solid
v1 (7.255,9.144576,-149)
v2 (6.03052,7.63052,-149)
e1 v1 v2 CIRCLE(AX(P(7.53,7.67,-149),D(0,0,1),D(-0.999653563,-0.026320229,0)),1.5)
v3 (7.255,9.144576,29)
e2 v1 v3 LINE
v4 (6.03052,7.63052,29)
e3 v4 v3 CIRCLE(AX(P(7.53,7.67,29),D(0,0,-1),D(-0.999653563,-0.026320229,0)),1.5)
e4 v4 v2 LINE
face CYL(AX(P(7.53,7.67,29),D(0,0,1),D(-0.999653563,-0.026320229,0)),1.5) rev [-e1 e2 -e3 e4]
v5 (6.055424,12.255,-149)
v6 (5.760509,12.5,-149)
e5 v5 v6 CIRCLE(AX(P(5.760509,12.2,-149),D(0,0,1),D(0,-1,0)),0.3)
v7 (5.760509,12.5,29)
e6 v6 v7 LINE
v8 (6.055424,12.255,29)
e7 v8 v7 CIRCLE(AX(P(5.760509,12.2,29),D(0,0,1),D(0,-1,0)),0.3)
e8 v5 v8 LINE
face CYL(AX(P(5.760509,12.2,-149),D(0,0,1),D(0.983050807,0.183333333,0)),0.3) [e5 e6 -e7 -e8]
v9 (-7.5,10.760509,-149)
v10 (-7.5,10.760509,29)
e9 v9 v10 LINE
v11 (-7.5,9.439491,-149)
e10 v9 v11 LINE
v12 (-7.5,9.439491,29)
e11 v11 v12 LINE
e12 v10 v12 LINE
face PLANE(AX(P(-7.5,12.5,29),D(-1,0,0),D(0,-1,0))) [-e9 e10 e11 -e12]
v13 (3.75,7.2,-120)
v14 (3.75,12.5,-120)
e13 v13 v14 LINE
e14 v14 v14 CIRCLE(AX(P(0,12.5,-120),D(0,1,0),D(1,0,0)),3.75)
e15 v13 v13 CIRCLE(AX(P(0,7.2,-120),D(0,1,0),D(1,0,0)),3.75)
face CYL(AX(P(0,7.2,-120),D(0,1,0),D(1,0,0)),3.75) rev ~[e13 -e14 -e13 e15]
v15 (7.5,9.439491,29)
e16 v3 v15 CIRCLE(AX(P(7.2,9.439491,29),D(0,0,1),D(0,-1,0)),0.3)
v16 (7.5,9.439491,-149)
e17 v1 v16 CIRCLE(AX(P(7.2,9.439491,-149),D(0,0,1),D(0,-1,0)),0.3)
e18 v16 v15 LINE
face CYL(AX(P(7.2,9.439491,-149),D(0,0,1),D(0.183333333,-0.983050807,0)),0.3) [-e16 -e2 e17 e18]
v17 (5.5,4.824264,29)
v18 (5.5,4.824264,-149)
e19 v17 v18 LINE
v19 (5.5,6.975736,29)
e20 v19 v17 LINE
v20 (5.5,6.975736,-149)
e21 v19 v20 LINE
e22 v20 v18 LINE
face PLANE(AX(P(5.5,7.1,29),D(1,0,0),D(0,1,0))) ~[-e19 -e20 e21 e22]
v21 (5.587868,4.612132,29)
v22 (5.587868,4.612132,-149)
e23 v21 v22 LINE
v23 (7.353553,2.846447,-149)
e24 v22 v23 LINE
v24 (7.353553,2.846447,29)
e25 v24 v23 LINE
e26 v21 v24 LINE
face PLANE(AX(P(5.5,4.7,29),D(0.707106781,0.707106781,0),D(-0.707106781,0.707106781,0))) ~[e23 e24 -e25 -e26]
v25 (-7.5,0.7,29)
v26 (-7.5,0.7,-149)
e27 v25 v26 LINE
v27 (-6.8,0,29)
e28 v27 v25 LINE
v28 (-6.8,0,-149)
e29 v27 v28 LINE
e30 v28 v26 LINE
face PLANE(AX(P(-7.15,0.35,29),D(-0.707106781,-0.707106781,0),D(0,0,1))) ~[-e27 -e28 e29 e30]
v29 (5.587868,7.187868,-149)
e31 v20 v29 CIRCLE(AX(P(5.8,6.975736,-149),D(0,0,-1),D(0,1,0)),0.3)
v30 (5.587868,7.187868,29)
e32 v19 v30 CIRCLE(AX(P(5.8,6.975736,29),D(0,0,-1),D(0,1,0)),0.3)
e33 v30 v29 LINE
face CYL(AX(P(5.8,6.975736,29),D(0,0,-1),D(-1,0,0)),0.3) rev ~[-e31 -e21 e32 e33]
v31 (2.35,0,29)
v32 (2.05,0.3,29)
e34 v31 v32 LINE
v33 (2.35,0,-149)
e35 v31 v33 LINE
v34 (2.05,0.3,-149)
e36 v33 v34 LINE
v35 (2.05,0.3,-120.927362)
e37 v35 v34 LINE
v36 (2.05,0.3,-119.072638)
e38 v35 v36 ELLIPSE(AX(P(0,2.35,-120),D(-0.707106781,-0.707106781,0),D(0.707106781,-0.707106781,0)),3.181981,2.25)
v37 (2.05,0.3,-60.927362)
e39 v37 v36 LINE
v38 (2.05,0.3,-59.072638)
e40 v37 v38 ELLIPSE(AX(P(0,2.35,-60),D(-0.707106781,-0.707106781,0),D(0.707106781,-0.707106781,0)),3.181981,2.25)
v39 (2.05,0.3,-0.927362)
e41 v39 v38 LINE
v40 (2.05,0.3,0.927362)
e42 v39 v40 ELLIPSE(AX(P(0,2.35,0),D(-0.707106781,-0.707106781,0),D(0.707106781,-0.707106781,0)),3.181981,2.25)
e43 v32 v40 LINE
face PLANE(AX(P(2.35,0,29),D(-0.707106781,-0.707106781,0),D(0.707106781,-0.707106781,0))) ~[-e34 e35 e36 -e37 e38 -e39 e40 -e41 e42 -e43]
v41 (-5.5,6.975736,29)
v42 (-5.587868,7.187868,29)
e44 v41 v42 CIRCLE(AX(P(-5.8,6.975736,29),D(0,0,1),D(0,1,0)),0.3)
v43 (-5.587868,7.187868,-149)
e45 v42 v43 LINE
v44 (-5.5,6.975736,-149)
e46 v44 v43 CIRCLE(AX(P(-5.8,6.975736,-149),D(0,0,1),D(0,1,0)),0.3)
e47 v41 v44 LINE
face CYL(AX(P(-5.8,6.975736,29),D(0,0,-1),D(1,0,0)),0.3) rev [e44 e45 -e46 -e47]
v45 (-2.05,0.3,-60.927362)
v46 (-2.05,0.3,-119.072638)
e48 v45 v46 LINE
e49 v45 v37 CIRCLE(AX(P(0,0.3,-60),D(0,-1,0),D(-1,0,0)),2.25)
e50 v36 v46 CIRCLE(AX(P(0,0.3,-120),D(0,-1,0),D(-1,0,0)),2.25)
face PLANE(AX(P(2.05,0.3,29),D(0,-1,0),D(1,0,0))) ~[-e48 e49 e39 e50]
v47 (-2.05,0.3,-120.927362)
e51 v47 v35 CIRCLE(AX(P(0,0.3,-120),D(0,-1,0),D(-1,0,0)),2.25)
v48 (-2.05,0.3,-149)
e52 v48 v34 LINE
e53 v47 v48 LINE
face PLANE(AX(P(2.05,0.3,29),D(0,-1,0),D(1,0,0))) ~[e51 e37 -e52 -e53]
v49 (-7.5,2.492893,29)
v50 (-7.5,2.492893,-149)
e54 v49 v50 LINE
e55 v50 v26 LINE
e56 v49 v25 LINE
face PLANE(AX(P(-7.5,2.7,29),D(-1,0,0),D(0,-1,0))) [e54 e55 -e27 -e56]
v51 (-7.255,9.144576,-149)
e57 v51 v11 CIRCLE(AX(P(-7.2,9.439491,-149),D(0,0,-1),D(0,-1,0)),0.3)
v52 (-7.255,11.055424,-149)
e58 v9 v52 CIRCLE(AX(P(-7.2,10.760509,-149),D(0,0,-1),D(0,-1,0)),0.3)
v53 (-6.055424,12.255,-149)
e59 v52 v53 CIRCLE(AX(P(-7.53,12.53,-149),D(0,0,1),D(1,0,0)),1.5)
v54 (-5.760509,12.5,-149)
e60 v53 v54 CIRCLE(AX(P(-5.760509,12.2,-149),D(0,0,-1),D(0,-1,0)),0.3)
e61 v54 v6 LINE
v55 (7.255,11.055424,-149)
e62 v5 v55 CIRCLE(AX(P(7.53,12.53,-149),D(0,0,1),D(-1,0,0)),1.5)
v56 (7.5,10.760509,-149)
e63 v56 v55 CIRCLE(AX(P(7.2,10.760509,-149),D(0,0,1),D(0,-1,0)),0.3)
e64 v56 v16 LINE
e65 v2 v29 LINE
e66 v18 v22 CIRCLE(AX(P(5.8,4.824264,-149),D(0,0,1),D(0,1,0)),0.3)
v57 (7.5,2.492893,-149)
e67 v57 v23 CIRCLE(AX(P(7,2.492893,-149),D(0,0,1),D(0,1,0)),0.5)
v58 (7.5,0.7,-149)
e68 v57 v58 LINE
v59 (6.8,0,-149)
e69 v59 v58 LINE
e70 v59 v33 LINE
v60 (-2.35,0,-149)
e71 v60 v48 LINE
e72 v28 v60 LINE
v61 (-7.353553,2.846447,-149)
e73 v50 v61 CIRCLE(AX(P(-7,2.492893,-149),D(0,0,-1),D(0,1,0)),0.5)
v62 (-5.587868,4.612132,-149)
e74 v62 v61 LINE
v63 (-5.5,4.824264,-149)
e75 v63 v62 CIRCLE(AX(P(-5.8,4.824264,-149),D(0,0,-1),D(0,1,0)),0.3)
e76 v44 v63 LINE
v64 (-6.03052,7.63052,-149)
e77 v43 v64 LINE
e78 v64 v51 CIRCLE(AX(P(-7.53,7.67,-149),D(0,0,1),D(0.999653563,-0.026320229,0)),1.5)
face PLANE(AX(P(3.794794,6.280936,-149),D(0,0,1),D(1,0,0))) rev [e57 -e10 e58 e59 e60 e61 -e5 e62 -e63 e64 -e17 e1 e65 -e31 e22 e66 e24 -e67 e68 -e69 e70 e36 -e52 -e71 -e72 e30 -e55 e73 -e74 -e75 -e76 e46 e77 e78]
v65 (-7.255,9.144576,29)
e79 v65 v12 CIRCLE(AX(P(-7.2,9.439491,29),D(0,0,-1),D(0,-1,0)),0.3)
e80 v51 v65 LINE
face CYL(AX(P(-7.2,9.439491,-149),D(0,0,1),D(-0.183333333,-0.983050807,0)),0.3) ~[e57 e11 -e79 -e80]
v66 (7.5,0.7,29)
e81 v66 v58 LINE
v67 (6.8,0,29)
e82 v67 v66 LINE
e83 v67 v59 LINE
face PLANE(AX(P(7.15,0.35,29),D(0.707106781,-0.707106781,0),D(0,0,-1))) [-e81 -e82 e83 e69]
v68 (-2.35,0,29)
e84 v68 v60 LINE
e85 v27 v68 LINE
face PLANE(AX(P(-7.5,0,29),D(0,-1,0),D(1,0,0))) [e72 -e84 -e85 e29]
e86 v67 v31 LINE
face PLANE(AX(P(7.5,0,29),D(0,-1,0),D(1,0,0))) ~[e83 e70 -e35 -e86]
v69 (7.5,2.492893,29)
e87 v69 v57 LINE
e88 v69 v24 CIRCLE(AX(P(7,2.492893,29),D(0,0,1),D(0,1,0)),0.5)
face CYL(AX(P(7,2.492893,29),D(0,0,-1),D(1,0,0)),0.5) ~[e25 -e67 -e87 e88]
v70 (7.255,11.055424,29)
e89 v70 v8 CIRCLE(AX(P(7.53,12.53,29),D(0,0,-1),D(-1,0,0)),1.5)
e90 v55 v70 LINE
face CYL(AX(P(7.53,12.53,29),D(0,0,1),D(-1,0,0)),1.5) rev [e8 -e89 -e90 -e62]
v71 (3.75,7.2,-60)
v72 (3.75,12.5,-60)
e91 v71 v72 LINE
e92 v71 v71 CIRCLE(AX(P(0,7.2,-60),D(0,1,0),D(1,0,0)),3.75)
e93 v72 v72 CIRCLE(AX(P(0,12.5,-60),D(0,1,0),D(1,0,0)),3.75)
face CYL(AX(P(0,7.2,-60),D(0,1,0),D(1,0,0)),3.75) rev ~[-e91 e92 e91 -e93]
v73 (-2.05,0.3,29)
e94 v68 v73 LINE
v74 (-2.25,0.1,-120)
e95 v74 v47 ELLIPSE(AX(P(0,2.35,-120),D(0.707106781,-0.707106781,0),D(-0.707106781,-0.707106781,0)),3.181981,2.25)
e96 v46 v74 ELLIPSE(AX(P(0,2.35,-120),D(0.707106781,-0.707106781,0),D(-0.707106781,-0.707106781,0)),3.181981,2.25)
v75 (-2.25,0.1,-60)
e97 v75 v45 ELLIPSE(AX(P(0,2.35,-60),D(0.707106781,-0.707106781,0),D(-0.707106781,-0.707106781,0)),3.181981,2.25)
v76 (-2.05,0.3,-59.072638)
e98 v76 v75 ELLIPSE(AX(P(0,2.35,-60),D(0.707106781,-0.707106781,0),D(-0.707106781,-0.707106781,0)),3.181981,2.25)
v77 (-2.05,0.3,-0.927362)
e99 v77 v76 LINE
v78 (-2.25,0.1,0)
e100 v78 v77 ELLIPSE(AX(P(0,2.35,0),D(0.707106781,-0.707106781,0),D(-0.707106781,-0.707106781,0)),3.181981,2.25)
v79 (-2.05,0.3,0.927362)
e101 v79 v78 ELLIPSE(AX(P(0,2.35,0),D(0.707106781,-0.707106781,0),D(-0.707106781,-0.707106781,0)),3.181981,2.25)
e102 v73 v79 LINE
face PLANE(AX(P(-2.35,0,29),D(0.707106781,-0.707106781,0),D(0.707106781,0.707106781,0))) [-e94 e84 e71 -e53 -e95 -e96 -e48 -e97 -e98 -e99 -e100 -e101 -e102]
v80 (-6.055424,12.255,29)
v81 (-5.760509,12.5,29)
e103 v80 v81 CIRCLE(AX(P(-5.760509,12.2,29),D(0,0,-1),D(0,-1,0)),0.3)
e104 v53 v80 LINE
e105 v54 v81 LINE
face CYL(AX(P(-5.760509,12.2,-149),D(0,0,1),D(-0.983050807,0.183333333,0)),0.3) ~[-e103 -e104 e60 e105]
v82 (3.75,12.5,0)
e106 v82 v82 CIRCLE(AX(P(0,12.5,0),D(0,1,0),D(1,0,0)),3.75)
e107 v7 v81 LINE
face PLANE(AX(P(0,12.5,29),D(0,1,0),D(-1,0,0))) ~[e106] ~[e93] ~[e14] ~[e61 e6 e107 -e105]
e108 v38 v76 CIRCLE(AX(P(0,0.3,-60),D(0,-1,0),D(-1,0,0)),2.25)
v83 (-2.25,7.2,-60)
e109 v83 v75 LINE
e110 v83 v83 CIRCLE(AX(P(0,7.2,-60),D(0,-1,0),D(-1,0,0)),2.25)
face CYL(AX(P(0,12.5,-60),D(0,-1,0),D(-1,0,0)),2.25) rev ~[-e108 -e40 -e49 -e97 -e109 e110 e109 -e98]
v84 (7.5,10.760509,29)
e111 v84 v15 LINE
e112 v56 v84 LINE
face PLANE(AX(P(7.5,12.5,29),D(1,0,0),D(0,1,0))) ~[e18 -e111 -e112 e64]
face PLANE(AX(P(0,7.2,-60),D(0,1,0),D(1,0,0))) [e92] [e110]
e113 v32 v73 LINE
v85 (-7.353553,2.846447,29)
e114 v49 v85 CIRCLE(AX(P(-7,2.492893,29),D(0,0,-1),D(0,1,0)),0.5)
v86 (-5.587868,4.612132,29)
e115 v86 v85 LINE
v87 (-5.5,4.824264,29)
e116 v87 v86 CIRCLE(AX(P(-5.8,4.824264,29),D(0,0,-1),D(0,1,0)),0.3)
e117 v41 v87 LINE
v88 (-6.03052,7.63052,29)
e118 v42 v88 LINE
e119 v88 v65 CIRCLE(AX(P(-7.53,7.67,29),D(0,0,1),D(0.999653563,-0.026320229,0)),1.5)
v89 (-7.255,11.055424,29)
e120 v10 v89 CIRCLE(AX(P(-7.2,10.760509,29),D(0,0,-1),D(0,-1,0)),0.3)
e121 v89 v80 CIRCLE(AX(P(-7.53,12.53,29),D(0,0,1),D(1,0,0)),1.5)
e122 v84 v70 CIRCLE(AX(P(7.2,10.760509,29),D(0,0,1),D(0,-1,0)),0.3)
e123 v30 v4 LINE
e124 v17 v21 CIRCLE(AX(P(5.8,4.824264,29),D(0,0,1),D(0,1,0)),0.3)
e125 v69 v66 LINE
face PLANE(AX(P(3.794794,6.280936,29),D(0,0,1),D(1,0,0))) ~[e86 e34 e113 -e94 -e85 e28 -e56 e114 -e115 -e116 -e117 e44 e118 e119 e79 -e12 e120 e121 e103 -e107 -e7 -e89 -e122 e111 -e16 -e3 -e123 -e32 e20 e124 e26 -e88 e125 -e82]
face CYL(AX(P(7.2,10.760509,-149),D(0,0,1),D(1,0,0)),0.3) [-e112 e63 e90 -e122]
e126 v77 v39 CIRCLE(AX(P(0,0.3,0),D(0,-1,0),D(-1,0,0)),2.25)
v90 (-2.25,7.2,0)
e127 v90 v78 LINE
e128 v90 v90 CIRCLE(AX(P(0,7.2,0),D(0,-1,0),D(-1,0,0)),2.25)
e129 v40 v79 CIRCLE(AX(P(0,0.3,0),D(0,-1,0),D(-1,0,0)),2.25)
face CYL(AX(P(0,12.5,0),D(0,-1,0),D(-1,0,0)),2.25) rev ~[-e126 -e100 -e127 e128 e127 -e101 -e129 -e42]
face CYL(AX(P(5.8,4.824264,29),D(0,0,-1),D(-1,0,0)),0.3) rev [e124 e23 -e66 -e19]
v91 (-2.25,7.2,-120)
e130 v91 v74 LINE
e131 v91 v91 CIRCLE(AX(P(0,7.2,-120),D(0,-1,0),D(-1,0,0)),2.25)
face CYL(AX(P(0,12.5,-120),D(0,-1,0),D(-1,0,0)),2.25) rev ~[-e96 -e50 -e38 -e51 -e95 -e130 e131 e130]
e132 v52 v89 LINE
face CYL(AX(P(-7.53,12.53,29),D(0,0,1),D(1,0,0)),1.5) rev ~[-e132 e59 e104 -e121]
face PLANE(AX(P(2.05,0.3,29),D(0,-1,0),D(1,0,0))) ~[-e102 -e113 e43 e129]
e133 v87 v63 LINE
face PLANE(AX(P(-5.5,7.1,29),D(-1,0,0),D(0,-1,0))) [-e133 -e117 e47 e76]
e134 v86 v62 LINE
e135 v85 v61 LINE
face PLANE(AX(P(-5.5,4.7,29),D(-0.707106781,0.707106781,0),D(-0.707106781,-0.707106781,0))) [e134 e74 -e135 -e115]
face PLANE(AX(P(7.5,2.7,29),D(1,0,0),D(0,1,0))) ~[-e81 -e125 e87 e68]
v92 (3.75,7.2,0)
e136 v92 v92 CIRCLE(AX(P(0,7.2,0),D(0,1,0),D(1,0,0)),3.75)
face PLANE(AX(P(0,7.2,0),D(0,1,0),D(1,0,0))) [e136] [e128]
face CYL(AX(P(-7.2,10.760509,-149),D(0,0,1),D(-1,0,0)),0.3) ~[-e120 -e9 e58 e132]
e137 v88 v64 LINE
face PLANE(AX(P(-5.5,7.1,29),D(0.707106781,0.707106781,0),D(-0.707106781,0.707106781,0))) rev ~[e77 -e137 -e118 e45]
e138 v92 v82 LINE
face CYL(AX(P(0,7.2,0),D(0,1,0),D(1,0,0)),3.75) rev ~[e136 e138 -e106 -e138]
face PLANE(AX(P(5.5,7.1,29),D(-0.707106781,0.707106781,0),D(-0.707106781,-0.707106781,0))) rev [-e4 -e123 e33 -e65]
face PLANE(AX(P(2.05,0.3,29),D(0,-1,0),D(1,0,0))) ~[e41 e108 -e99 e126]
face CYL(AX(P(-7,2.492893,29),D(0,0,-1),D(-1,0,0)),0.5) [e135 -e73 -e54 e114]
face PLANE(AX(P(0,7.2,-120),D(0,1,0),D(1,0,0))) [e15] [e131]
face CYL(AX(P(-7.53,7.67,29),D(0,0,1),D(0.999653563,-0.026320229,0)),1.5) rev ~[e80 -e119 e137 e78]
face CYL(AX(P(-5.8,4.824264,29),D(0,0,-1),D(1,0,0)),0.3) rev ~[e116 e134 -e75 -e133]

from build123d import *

# Parameters (mm, degrees)
BOSS_EXTRUDE101_DEPTH        = 178
SKETCH2_R                    = 1.5
CUT_EXTRUDE101_DEPTH         = 179.595912607
CHAMFER101_SIZE              = 0.7
FILLET101_R                  = 0.5
FILLET102_R                  = 0.3
FILLET103_R                  = 0.3
FILLET104_R                  = 0.3
CHAMFER101_OF_MIRROR101_SIZE = 0.7
FILLET101_OF_MIRROR101_R     = 0.5
FILLET102_OF_MIRROR101_R     = 0.3
FILLET103_OF_MIRROR101_R     = 0.3
FILLET104_OF_MIRROR101_R     = 0.3
CBORE101_D                   = 4.5
CBORE101_CBORE_D             = 7.5
CBORE101_CBORE_DEPTH         = 5.3
LPATTERN101_COUNT            = 3
LPATTERN101_PITCH            = 60


with BuildPart() as part:
    # Sketch1 → Boss-Extrude101 (new body)
    with BuildSketch(Plane.XY.offset(29)):
        Polygon((-2.05, 0.3), (0, 0.3), (0, 12.5), (-7.5, 12.5), (-7.5, 7.1), (-5.5, 7.1), (-5.5, 4.7), (-7.5, 2.7), (-7.5, 0), (-2.35, 0), align=None)
    boss_extrude101 = extrude(amount=-BOSS_EXTRUDE101_DEPTH)

    # Sketch2 → Cut-Extrude101 (cut, through all)
    with BuildSketch(Plane.XY.offset(29)):
        with Locations((-7.53, 12.53)):
            Circle(SKETCH2_R)
        with BuildLine():
            Line((-5.5, 7.1), (-6.030519656, 7.630519656))
            ThreePointArc((-6.030519656, 7.630519656), (-8.576608686, 8.744527923), (-7.53, 6.17))
            Line((-7.53, 6.17), (-7.5, 2.7))
            Line((-7.5, 2.7), (-5.5, 4.7))
            Line((-5.5, 4.7), (-5.5, 7.1))
        make_face()
    cut_extrude101 = extrude(amount=-CUT_EXTRUDE101_DEPTH, mode=Mode.SUBTRACT)

    # Chamfer101
    chamfer101_edges = [part.edges().sort_by_distance(p)[0] for p in [
        (-7.5, 0, -60),
    ]]
    chamfer(chamfer101_edges, length=CHAMFER101_SIZE)

    # Fillet101
    fillet101_edges = [part.edges().sort_by_distance(p)[0] for p in [
        (-7.5, 2.7, -60),
    ]]
    fillet(fillet101_edges, radius=FILLET101_R)

    # Fillet102
    fillet102_edges = [part.edges().sort_by_distance(p)[0] for p in [
        (-5.5, 7.1, -60),
    ]]
    fillet(fillet102_edges, radius=FILLET102_R)

    # Fillet103
    fillet103_edges = [part.edges().sort_by_distance(p)[0] for p in [
        (-7.5, 11.03030003, -60),
        (-6.03030003, 12.5, -60),
        (-7.5, 9.16969997, -60),
    ]]
    fillet(fillet103_edges, radius=FILLET103_R)

    # Fillet104
    fillet104_edges = [part.edges().sort_by_distance(p)[0] for p in [
        (-5.5, 4.7, -60),
    ]]
    fillet(fillet104_edges, radius=FILLET104_R)

    # Mirror101: Boss-Extrude101, Cut-Extrude101 across plane
    add(boss_extrude101.mirror(Plane(origin=(0, 0, 0), x_dir=(0, 0, 1), z_dir=(1, 0, 0))))
    add(cut_extrude101.mirror(Plane(origin=(0, 0, 0), x_dir=(0, 0, 1), z_dir=(1, 0, 0))), mode=Mode.SUBTRACT)

    # Chamfer101 of Mirror101
    chamfer101_of_mirror101_edges = [part.edges().sort_by_distance(p)[0] for p in [
        (7.5, 0, -60),
    ]]
    chamfer(chamfer101_of_mirror101_edges, length=CHAMFER101_OF_MIRROR101_SIZE)

    # Fillet101 of Mirror101
    fillet101_of_mirror101_edges = [part.edges().sort_by_distance(p)[0] for p in [
        (7.5, 2.7, -60),
    ]]
    fillet(fillet101_of_mirror101_edges, radius=FILLET101_OF_MIRROR101_R)

    # Fillet102 of Mirror101
    fillet102_of_mirror101_edges = [part.edges().sort_by_distance(p)[0] for p in [
        (5.5, 7.1, -60),
    ]]
    fillet(fillet102_of_mirror101_edges, radius=FILLET102_OF_MIRROR101_R)

    # Fillet103 of Mirror101
    fillet103_of_mirror101_edges = [part.edges().sort_by_distance(p)[0] for p in [
        (7.5, 11.03030003, -60),
        (6.03030003, 12.5, -60),
        (7.5, 9.16969997, -60),
    ]]
    fillet(fillet103_of_mirror101_edges, radius=FILLET103_OF_MIRROR101_R)

    # Fillet104 of Mirror101
    fillet104_of_mirror101_edges = [part.edges().sort_by_distance(p)[0] for p in [
        (5.5, 4.7, -60),
    ]]
    fillet(fillet104_of_mirror101_edges, radius=FILLET104_OF_MIRROR101_R)

    # CBORE101 (through all)
    with Locations(Plane(origin=(0, 12.5, 0), x_dir=(1, 0, 0), z_dir=(0, 1, 0))):
        with Locations((0, 0)):
            cbore101 = CounterBoreHole(CBORE101_D / 2, CBORE101_CBORE_D / 2, CBORE101_CBORE_DEPTH)

    # LPattern101: CBORE101 ×3
    with Locations(*[(0, 0, -i * LPATTERN101_PITCH) for i in range(1, LPATTERN101_COUNT)]):
        add(cbore101, mode=Mode.SUBTRACT)


solid = part.part
